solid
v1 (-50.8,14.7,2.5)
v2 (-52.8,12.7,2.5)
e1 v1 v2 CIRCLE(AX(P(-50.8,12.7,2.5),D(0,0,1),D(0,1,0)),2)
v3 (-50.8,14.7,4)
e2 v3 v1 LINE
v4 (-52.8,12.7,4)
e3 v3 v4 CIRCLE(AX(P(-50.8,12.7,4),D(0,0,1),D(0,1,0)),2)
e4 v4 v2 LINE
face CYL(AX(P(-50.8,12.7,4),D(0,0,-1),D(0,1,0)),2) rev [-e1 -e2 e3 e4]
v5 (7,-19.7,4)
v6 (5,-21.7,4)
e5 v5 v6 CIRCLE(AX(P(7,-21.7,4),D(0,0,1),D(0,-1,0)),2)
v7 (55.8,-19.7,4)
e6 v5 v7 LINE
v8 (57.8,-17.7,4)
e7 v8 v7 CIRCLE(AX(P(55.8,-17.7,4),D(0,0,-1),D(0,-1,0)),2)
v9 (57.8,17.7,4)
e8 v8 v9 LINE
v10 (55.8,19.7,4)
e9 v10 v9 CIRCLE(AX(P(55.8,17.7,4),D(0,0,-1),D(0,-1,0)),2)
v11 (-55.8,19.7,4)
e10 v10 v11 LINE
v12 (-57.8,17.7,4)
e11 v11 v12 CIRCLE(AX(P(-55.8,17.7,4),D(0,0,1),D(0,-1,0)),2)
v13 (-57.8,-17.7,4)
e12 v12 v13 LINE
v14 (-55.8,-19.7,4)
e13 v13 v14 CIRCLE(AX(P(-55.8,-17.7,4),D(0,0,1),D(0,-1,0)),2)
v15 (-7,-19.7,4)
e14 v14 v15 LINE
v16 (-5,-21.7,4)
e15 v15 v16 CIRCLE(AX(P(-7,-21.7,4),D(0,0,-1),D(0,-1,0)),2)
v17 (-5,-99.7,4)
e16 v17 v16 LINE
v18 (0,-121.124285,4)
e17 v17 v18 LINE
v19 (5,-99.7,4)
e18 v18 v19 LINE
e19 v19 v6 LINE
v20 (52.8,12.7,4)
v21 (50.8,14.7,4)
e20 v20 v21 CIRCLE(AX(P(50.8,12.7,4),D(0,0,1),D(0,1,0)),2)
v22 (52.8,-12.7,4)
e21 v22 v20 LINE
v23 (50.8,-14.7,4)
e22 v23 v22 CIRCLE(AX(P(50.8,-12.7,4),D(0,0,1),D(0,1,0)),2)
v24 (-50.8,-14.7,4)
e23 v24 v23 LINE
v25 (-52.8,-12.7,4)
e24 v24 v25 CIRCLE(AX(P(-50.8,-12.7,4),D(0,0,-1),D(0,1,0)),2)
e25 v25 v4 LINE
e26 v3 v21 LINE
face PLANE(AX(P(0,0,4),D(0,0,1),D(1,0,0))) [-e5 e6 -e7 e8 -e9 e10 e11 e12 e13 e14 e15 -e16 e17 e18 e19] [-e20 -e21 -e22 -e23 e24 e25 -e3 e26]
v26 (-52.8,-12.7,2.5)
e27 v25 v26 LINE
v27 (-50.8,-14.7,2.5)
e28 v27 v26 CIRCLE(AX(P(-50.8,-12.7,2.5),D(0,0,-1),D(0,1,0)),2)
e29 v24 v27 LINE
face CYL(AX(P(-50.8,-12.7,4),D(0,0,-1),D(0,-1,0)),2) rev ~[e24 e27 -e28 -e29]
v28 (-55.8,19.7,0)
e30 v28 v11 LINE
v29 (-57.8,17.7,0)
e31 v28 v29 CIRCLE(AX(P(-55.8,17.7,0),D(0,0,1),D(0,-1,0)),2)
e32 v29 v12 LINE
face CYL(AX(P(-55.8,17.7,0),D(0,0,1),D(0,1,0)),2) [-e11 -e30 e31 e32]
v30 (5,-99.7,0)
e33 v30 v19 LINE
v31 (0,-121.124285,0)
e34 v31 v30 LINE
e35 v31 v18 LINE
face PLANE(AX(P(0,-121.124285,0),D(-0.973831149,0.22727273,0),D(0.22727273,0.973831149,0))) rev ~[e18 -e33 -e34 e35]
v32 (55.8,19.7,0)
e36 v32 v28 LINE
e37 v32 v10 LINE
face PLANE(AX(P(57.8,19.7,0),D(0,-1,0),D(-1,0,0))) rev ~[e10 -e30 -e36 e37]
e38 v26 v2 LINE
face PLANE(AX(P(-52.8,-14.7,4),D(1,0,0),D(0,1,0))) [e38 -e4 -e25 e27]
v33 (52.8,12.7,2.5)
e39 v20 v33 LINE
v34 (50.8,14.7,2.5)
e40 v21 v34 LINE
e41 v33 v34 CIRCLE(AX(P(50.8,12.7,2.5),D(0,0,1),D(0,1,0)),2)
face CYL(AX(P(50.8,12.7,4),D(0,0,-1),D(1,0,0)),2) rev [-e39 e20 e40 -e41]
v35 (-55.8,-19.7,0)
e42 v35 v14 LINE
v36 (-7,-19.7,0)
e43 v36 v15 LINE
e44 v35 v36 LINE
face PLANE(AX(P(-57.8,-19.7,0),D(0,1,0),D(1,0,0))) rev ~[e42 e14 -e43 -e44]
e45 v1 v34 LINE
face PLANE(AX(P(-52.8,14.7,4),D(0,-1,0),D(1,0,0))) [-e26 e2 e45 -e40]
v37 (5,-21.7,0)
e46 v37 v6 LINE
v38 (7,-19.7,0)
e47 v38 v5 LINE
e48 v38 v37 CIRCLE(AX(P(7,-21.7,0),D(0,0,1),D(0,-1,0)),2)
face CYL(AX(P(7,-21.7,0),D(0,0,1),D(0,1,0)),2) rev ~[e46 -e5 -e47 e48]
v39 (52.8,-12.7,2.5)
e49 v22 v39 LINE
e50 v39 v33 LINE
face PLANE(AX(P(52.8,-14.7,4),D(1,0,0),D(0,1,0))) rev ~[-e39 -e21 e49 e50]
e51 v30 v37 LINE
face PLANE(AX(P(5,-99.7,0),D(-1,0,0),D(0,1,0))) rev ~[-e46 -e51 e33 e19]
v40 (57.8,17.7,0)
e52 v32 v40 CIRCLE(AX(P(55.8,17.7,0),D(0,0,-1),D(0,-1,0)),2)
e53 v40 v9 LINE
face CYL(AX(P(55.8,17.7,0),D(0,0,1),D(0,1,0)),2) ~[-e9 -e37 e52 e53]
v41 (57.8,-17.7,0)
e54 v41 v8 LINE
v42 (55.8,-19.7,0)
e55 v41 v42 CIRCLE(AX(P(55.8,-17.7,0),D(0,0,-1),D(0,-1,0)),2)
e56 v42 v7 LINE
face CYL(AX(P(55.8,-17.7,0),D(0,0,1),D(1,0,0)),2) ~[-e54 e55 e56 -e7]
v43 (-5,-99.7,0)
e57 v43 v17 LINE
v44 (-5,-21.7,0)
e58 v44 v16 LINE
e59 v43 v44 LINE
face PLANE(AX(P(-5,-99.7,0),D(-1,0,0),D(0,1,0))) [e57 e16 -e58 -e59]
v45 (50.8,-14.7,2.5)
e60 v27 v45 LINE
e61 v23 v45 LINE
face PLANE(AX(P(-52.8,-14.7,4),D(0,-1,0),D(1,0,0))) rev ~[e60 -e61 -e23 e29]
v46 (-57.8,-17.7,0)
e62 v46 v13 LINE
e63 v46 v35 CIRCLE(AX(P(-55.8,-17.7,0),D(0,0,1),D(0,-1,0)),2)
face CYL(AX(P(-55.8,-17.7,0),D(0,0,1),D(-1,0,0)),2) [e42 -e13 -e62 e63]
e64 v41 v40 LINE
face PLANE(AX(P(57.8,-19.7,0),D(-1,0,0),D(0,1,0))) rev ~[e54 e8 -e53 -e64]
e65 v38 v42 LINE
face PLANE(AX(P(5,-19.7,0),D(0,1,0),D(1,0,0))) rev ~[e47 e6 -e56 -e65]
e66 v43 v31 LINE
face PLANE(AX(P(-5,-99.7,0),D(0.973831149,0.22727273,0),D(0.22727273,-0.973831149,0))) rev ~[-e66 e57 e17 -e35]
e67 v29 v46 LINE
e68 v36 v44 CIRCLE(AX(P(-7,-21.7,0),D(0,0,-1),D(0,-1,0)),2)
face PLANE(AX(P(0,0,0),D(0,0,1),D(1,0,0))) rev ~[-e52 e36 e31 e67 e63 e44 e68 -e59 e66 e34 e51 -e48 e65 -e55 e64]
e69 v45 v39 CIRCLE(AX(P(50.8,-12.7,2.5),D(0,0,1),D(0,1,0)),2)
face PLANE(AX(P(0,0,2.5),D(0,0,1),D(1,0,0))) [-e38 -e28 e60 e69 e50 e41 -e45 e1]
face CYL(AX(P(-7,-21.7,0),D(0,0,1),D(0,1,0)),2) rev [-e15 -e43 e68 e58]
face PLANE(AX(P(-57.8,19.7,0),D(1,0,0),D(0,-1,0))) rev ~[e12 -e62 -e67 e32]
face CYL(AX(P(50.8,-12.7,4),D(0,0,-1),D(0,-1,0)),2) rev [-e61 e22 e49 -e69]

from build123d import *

# Parameters (mm, degrees)
F0_W     = 105.6
F0_H     = 29.4
F0_W_2   = 10
F0_H_2   = 80
F1_DEPTH = 4
F2_W     = 105.6
F2_H     = 29.4
F3_DEPTH = 1.5
F4_R     = 2


with BuildPart() as f1:
    # F0 (on Top) → F1 (new body)
    with BuildSketch(Plane.XY):
        Polygon((57.8, 19.7), (-57.8, 19.7), (-57.8, -19.7), (-5, -19.7), (5, -19.7), (57.8, -19.7), align=None)
        Rectangle(F0_W, F0_H, mode=Mode.SUBTRACT)
        Rectangle(F0_W, F0_H)
        with Locations((0, -59.7)):
            Rectangle(F0_W_2, F0_H_2)
        Polygon((5, -99.7), (-5, -99.7), (0, -121.124285), align=None)
    extrude(amount=F1_DEPTH)

    # F2 (on face) → F3 (cut)
    with BuildSketch(Plane.XY.offset(4)):
        Rectangle(F2_W, F2_H)
    extrude(amount=-F3_DEPTH, mode=Mode.SUBTRACT)

    # F4
    f4_edges = [f1.edges().sort_by_distance(p)[0] for p in [
        (-57.8, 19.7, 2),
        (-57.8, -19.7, 2),
        (57.8, -19.7, 2),
        (57.8, 19.7, 2),
        (52.8, 14.7, 3.25),
        (-52.8, 14.7, 3.25),
        (-52.8, -14.7, 3.25),
        (52.8, -14.7, 3.25),
        (5, -19.7, 2),
        (-5, -19.7, 2),
    ]]
    fillet(f4_edges, radius=F4_R)


solid = f1.part
